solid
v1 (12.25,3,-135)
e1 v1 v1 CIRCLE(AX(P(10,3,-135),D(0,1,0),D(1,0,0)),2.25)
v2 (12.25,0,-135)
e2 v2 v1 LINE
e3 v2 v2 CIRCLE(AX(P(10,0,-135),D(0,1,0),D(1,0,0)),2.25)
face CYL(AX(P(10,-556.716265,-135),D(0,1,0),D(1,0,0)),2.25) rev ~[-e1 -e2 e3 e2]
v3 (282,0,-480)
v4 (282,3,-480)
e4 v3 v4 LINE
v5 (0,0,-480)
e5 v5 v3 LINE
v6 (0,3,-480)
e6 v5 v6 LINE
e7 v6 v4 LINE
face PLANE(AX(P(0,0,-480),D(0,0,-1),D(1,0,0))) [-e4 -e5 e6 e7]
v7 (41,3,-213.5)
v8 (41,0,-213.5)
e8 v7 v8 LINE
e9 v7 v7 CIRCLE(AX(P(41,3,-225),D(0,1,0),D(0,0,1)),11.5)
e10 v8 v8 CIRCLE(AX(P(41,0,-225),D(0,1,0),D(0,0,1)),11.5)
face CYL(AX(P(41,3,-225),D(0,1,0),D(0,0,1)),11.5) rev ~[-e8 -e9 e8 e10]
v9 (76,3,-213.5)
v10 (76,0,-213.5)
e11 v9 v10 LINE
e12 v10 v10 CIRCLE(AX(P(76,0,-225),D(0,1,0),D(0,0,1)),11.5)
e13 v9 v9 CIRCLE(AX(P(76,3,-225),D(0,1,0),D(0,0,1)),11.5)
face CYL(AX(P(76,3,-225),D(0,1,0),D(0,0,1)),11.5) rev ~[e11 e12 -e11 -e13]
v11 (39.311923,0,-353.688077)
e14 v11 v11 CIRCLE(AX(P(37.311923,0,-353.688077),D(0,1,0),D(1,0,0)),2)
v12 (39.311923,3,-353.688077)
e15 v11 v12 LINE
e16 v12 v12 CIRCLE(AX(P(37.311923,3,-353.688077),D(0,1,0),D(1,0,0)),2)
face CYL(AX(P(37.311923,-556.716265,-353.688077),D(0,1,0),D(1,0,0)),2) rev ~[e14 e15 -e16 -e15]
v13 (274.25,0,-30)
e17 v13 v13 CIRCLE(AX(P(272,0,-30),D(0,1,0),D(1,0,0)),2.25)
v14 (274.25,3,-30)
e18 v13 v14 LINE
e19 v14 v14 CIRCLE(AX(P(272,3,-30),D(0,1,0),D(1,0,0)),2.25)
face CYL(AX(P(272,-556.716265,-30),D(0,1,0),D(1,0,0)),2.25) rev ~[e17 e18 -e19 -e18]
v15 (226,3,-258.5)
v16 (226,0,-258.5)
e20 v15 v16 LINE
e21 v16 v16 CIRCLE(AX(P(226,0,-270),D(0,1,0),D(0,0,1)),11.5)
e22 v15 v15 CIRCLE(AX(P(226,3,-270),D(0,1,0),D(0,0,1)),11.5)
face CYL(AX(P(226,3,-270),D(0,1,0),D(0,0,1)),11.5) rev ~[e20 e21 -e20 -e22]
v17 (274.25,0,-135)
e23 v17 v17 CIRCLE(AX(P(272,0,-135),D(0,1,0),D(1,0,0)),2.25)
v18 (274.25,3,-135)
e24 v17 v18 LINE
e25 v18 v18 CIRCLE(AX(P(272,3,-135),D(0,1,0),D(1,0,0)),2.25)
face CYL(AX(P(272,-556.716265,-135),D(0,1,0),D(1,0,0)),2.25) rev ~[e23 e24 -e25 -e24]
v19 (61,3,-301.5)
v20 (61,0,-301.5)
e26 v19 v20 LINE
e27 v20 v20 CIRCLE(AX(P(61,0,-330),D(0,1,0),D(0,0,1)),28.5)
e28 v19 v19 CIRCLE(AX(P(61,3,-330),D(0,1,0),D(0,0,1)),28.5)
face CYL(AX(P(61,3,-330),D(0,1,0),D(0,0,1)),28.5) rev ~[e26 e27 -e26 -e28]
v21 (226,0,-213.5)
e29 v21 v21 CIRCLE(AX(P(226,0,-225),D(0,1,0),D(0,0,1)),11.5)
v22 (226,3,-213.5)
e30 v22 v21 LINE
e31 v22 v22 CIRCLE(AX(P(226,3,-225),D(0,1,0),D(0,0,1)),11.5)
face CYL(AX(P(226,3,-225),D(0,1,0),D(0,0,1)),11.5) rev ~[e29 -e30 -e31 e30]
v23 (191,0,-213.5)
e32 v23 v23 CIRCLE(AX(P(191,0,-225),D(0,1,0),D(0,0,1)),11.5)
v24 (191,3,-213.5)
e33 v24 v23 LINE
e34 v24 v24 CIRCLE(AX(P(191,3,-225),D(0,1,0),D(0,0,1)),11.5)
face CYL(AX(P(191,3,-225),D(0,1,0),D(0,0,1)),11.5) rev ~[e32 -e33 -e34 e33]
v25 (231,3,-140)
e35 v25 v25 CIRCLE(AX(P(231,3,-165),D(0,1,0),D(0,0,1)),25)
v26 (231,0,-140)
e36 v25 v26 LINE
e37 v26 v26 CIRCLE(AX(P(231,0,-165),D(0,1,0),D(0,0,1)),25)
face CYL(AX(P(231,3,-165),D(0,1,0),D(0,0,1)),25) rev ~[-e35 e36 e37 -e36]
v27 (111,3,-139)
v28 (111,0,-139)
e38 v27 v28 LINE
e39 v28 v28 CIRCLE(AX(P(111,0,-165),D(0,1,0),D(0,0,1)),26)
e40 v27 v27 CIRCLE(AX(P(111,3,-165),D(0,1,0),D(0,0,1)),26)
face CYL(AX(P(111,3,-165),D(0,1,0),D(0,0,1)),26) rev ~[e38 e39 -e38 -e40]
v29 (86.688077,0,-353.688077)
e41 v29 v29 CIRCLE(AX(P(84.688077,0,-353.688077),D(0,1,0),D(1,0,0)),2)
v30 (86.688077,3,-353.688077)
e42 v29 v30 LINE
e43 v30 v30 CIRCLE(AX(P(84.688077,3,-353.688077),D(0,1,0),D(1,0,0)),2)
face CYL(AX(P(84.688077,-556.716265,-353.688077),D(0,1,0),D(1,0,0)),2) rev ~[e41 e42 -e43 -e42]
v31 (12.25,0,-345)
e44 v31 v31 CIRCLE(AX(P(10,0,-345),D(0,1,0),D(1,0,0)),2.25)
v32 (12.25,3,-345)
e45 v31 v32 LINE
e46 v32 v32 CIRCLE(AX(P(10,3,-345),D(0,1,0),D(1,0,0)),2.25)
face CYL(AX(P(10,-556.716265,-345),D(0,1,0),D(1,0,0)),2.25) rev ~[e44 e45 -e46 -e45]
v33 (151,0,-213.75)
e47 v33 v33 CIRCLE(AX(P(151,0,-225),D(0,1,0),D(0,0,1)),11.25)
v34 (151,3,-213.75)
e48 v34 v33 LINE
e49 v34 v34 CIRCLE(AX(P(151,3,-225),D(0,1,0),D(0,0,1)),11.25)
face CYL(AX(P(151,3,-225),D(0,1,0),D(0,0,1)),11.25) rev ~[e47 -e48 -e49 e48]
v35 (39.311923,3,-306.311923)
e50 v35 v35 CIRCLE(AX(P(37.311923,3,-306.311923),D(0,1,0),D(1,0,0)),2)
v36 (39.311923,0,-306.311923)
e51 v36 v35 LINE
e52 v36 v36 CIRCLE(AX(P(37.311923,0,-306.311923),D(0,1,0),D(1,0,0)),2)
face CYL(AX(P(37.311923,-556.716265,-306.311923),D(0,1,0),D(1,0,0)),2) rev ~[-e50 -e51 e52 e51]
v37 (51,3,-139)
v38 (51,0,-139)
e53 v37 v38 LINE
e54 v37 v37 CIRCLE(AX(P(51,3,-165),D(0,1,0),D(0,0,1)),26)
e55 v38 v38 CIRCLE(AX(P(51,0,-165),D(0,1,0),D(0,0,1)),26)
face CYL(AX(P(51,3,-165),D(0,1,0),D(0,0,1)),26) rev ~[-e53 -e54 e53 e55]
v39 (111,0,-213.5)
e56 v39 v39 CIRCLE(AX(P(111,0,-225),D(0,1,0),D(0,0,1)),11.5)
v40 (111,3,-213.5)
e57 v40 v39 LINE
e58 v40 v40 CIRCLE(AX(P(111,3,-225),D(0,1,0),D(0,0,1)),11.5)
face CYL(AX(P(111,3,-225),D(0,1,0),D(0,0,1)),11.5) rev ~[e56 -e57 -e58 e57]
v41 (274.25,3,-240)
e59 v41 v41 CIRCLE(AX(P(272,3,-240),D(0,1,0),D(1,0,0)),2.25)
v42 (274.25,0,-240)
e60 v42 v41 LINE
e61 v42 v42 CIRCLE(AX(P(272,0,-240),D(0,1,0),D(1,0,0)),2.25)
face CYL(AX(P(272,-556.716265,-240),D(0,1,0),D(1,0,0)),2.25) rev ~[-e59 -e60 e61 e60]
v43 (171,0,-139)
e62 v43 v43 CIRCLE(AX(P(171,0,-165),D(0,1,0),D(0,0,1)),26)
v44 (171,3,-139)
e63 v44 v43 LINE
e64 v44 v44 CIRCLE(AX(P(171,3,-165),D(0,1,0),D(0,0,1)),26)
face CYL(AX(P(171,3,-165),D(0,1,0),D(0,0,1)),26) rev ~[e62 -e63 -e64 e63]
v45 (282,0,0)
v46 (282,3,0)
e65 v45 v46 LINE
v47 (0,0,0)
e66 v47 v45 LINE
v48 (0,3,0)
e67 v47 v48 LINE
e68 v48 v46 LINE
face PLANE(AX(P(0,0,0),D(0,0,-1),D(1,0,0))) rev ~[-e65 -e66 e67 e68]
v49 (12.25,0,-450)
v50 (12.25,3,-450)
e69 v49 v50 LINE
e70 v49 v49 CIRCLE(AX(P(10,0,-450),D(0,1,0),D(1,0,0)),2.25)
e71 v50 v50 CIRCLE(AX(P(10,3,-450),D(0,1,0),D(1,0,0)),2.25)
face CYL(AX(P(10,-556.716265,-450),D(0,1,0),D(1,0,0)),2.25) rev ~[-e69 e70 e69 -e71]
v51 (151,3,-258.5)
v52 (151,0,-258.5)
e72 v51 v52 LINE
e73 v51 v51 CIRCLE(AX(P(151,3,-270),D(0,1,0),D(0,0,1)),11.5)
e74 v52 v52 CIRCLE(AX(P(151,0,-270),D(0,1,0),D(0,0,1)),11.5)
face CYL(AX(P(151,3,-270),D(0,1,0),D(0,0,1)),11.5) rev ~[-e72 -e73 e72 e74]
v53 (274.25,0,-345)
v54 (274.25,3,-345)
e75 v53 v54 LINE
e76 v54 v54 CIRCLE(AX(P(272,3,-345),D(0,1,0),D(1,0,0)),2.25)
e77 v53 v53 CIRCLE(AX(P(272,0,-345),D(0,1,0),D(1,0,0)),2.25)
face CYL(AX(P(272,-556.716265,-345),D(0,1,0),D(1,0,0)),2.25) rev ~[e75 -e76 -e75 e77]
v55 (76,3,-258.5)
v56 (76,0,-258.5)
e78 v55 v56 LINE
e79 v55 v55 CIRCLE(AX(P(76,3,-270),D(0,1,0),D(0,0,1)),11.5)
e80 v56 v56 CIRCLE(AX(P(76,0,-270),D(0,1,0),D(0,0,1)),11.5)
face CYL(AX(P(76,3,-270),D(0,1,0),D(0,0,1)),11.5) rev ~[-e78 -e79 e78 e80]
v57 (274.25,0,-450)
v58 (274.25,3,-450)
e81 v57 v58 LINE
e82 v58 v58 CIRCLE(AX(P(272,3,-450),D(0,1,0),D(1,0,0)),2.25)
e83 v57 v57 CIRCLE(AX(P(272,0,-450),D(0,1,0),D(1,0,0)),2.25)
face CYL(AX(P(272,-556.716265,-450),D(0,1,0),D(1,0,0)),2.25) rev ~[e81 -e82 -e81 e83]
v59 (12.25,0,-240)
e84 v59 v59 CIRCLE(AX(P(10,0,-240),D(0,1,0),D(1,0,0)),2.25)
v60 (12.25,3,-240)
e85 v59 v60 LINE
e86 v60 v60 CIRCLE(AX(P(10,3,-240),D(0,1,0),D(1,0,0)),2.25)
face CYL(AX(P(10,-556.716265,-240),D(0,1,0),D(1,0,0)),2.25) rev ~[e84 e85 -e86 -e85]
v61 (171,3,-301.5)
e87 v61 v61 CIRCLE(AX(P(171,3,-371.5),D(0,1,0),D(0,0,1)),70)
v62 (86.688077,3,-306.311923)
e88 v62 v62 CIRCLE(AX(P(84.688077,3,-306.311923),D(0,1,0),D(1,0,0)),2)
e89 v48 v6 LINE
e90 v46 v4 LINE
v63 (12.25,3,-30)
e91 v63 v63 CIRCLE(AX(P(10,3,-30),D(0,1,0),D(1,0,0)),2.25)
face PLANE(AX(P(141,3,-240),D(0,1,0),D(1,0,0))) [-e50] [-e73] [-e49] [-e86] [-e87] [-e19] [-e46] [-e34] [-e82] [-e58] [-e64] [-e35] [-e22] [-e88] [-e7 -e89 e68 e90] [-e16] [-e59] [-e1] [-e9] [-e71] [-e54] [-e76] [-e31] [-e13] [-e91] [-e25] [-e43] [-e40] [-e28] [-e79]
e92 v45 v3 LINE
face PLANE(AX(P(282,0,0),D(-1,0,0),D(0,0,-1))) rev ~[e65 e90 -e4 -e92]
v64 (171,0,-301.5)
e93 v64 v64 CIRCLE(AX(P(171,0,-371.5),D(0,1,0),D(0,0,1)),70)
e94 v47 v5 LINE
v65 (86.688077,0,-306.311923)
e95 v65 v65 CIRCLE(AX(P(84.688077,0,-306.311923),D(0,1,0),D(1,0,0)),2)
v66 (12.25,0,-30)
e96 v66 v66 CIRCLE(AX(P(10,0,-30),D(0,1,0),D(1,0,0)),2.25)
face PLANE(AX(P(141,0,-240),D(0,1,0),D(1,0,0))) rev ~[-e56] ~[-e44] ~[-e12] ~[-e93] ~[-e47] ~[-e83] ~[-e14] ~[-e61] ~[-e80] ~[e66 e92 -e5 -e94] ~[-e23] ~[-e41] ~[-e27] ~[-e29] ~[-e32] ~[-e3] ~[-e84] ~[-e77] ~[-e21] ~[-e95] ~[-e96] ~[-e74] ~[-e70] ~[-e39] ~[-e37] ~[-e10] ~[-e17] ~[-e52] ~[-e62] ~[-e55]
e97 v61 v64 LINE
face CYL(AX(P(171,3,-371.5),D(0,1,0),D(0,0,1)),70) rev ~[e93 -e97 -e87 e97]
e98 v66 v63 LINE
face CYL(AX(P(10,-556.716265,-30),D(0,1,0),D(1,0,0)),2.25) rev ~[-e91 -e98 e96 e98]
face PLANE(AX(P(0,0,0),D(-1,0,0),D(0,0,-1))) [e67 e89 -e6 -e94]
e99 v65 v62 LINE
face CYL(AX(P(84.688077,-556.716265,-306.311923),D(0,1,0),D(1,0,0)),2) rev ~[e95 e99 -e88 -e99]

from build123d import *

# Parameters (mm, degrees)
SKETCH1_W                  = 282
SKETCH1_H                  = 480
BOSS_EXTRUDE1_DEPTH        = 3
CUT_EXTRUDE1_REACH         = 558.716
SKETCH2_R                  = 70
SKETCH2_R_2                = 28.5
SKETCH2_R_3                = 25
SKETCH2_R_4                = 26
SKETCH2_R_5                = 11.5
SKETCH2_R_6                = 11.25
F_4_5_4_5_DIAMETER_HOLE1_D = 4.5
F_4_0_4_DIAMETER_HOLE1_D   = 4


with BuildPart() as part:
    # Sketch1 → Boss-Extrude1 (new body)
    with BuildSketch(Plane(origin=(0, 0, 0), x_dir=(1, 0, 0), z_dir=(0, 1, 0))):
        with Locations((141, 240)):
            Rectangle(SKETCH1_W, SKETCH1_H)
    extrude(amount=BOSS_EXTRUDE1_DEPTH)

    # Sketch2 → Cut-Extrude1 (cut, up to next)
    with BuildSketch(Plane(origin=(0, 3, 0), x_dir=(1, 0, 0), z_dir=(0, 1, 0)), mode=Mode.PRIVATE) as cut_extrude1_sk1:
        with Locations(Location((171, 371.5, 0), (0, 0, 270))):
            Circle(SKETCH2_R)
    cut_extrude1_tool1 = extrude(cut_extrude1_sk1.sketch, amount=-CUT_EXTRUDE1_REACH, mode=Mode.PRIVATE) & part.part
    # Sketch2 → Cut-Extrude1 (cut, up to next)
    with BuildSketch(Plane(origin=(0, 3, 0), x_dir=(1, 0, 0), z_dir=(0, 1, 0)), mode=Mode.PRIVATE) as cut_extrude1_sk2:
        with Locations(Location((61, 330, 0), (0, 0, 270))):
            Circle(SKETCH2_R_2)
    cut_extrude1_tool2 = extrude(cut_extrude1_sk2.sketch, amount=-CUT_EXTRUDE1_REACH, mode=Mode.PRIVATE) & part.part
    # Sketch2 → Cut-Extrude1 (cut, up to next)
    with BuildSketch(Plane(origin=(0, 3, 0), x_dir=(1, 0, 0), z_dir=(0, 1, 0)), mode=Mode.PRIVATE) as cut_extrude1_sk3:
        with Locations(Location((231, 165, 0), (0, 0, 270))):
            Circle(SKETCH2_R_3)
    cut_extrude1_tool3 = extrude(cut_extrude1_sk3.sketch, amount=-CUT_EXTRUDE1_REACH, mode=Mode.PRIVATE) & part.part
    # Sketch2 → Cut-Extrude1 (cut, up to next)
    with BuildSketch(Plane(origin=(0, 3, 0), x_dir=(1, 0, 0), z_dir=(0, 1, 0)), mode=Mode.PRIVATE) as cut_extrude1_sk4:
        with Locations(Location((171, 165, 0), (0, 0, 270))):
            Circle(SKETCH2_R_4)
    cut_extrude1_tool4 = extrude(cut_extrude1_sk4.sketch, amount=-CUT_EXTRUDE1_REACH, mode=Mode.PRIVATE) & part.part
    # Sketch2 → Cut-Extrude1 (cut, up to next)
    with BuildSketch(Plane(origin=(0, 3, 0), x_dir=(1, 0, 0), z_dir=(0, 1, 0)), mode=Mode.PRIVATE) as cut_extrude1_sk5:
        with Locations(Location((111, 165, 0), (0, 0, 270))):
            Circle(SKETCH2_R_4)
    cut_extrude1_tool5 = extrude(cut_extrude1_sk5.sketch, amount=-CUT_EXTRUDE1_REACH, mode=Mode.PRIVATE) & part.part
    # Sketch2 → Cut-Extrude1 (cut, up to next)
    with BuildSketch(Plane(origin=(0, 3, 0), x_dir=(1, 0, 0), z_dir=(0, 1, 0)), mode=Mode.PRIVATE) as cut_extrude1_sk6:
        with Locations(Location((51, 165, 0), (0, 0, 270))):
            Circle(SKETCH2_R_4)
    cut_extrude1_tool6 = extrude(cut_extrude1_sk6.sketch, amount=-CUT_EXTRUDE1_REACH, mode=Mode.PRIVATE) & part.part
    # Sketch2 → Cut-Extrude1 (cut, up to next)
    with BuildSketch(Plane(origin=(0, 3, 0), x_dir=(1, 0, 0), z_dir=(0, 1, 0)), mode=Mode.PRIVATE) as cut_extrude1_sk7:
        with Locations(Location((41, 225, 0), (0, 0, 270))):
            Circle(SKETCH2_R_5)
    cut_extrude1_tool7 = extrude(cut_extrude1_sk7.sketch, amount=-CUT_EXTRUDE1_REACH, mode=Mode.PRIVATE) & part.part
    # Sketch2 → Cut-Extrude1 (cut, up to next)
    with BuildSketch(Plane(origin=(0, 3, 0), x_dir=(1, 0, 0), z_dir=(0, 1, 0)), mode=Mode.PRIVATE) as cut_extrude1_sk8:
        with Locations(Location((76, 225, 0), (0, 0, 270))):
            Circle(SKETCH2_R_5)
    cut_extrude1_tool8 = extrude(cut_extrude1_sk8.sketch, amount=-CUT_EXTRUDE1_REACH, mode=Mode.PRIVATE) & part.part
    # Sketch2 → Cut-Extrude1 (cut, up to next)
    with BuildSketch(Plane(origin=(0, 3, 0), x_dir=(1, 0, 0), z_dir=(0, 1, 0)), mode=Mode.PRIVATE) as cut_extrude1_sk9:
        with Locations(Location((111, 225, 0), (0, 0, 270))):
            Circle(SKETCH2_R_5)
    cut_extrude1_tool9 = extrude(cut_extrude1_sk9.sketch, amount=-CUT_EXTRUDE1_REACH, mode=Mode.PRIVATE) & part.part
    # Sketch2 → Cut-Extrude1 (cut, up to next)
    with BuildSketch(Plane(origin=(0, 3, 0), x_dir=(1, 0, 0), z_dir=(0, 1, 0)), mode=Mode.PRIVATE) as cut_extrude1_sk10:
        with Locations(Location((76, 270, 0), (0, 0, 270))):
            Circle(SKETCH2_R_5)
    cut_extrude1_tool10 = extrude(cut_extrude1_sk10.sketch, amount=-CUT_EXTRUDE1_REACH, mode=Mode.PRIVATE) & part.part
    # Sketch2 → Cut-Extrude1 (cut, up to next)
    with BuildSketch(Plane(origin=(0, 3, 0), x_dir=(1, 0, 0), z_dir=(0, 1, 0)), mode=Mode.PRIVATE) as cut_extrude1_sk11:
        with Locations(Location((151, 270, 0), (0, 0, 270))):
            Circle(SKETCH2_R_5)
    cut_extrude1_tool11 = extrude(cut_extrude1_sk11.sketch, amount=-CUT_EXTRUDE1_REACH, mode=Mode.PRIVATE) & part.part
    # Sketch2 → Cut-Extrude1 (cut, up to next)
    with BuildSketch(Plane(origin=(0, 3, 0), x_dir=(1, 0, 0), z_dir=(0, 1, 0)), mode=Mode.PRIVATE) as cut_extrude1_sk12:
        with Locations(Location((191, 225, 0), (0, 0, 270))):
            Circle(SKETCH2_R_5)
    cut_extrude1_tool12 = extrude(cut_extrude1_sk12.sketch, amount=-CUT_EXTRUDE1_REACH, mode=Mode.PRIVATE) & part.part
    # Sketch2 → Cut-Extrude1 (cut, up to next)
    with BuildSketch(Plane(origin=(0, 3, 0), x_dir=(1, 0, 0), z_dir=(0, 1, 0)), mode=Mode.PRIVATE) as cut_extrude1_sk13:
        with Locations(Location((226, 270, 0), (0, 0, 270))):
            Circle(SKETCH2_R_5)
    cut_extrude1_tool13 = extrude(cut_extrude1_sk13.sketch, amount=-CUT_EXTRUDE1_REACH, mode=Mode.PRIVATE) & part.part
    # Sketch2 → Cut-Extrude1 (cut, up to next)
    with BuildSketch(Plane(origin=(0, 3, 0), x_dir=(1, 0, 0), z_dir=(0, 1, 0)), mode=Mode.PRIVATE) as cut_extrude1_sk14:
        with Locations(Location((226, 225, 0), (0, 0, 270))):
            Circle(SKETCH2_R_5)
    cut_extrude1_tool14 = extrude(cut_extrude1_sk14.sketch, amount=-CUT_EXTRUDE1_REACH, mode=Mode.PRIVATE) & part.part
    # Sketch2 → Cut-Extrude1 (cut, up to next)
    with BuildSketch(Plane(origin=(0, 3, 0), x_dir=(1, 0, 0), z_dir=(0, 1, 0)), mode=Mode.PRIVATE) as cut_extrude1_sk15:
        with Locations(Location((151, 225, 0), (0, 0, 270))):
            Circle(SKETCH2_R_6)
    cut_extrude1_tool15 = extrude(cut_extrude1_sk15.sketch, amount=-CUT_EXTRUDE1_REACH, mode=Mode.PRIVATE) & part.part
    add(cut_extrude1_tool1.solids().sort_by_distance((171, 3, -371.5))[0], mode=Mode.SUBTRACT)
    add(cut_extrude1_tool2.solids().sort_by_distance((61, 3, -330))[0], mode=Mode.SUBTRACT)
    add(cut_extrude1_tool3.solids().sort_by_distance((231, 3, -165))[0], mode=Mode.SUBTRACT)
    add(cut_extrude1_tool4.solids().sort_by_distance((171, 3, -165))[0], mode=Mode.SUBTRACT)
    add(cut_extrude1_tool5.solids().sort_by_distance((111, 3, -165))[0], mode=Mode.SUBTRACT)
    add(cut_extrude1_tool6.solids().sort_by_distance((51, 3, -165))[0], mode=Mode.SUBTRACT)
    add(cut_extrude1_tool7.solids().sort_by_distance((41, 3, -225))[0], mode=Mode.SUBTRACT)
    add(cut_extrude1_tool8.solids().sort_by_distance((76, 3, -225))[0], mode=Mode.SUBTRACT)
    add(cut_extrude1_tool9.solids().sort_by_distance((111, 3, -225))[0], mode=Mode.SUBTRACT)
    add(cut_extrude1_tool10.solids().sort_by_distance((76, 3, -270))[0], mode=Mode.SUBTRACT)
    add(cut_extrude1_tool11.solids().sort_by_distance((151, 3, -270))[0], mode=Mode.SUBTRACT)
    add(cut_extrude1_tool12.solids().sort_by_distance((191, 3, -225))[0], mode=Mode.SUBTRACT)
    add(cut_extrude1_tool13.solids().sort_by_distance((226, 3, -270))[0], mode=Mode.SUBTRACT)
    add(cut_extrude1_tool14.solids().sort_by_distance((226, 3, -225))[0], mode=Mode.SUBTRACT)
    add(cut_extrude1_tool15.solids().sort_by_distance((151, 3, -225))[0], mode=Mode.SUBTRACT)

    # Ø4.5 (4.5) Diameter Hole1 (through all)
    with Locations(Plane(origin=(0, 0, 0), x_dir=(-1, 0, 0), z_dir=(0, -1, 0))):
        with Locations((-272, 450), (-272, 345), (-272, 240), (-272, 135), (-272, 30), (-10, 345), (-10, 240), (-10, 135), (-10, 30), (-10, 450)):
            Hole(F_4_5_4_5_DIAMETER_HOLE1_D / 2)

    # Ø4.0 (4) Diameter Hole1 (through all)
    with Locations(Plane(origin=(0, 0, 0), x_dir=(-1, 0, 0), z_dir=(0, -1, 0))):
        with Locations((-84.68807717, 353.68807717), (-37.31192283, 353.68807717), (-37.31192283, 306.31192283), (-84.68807717, 306.31192283)):
            Hole(F_4_0_4_DIAMETER_HOLE1_D / 2)


solid = part.part
